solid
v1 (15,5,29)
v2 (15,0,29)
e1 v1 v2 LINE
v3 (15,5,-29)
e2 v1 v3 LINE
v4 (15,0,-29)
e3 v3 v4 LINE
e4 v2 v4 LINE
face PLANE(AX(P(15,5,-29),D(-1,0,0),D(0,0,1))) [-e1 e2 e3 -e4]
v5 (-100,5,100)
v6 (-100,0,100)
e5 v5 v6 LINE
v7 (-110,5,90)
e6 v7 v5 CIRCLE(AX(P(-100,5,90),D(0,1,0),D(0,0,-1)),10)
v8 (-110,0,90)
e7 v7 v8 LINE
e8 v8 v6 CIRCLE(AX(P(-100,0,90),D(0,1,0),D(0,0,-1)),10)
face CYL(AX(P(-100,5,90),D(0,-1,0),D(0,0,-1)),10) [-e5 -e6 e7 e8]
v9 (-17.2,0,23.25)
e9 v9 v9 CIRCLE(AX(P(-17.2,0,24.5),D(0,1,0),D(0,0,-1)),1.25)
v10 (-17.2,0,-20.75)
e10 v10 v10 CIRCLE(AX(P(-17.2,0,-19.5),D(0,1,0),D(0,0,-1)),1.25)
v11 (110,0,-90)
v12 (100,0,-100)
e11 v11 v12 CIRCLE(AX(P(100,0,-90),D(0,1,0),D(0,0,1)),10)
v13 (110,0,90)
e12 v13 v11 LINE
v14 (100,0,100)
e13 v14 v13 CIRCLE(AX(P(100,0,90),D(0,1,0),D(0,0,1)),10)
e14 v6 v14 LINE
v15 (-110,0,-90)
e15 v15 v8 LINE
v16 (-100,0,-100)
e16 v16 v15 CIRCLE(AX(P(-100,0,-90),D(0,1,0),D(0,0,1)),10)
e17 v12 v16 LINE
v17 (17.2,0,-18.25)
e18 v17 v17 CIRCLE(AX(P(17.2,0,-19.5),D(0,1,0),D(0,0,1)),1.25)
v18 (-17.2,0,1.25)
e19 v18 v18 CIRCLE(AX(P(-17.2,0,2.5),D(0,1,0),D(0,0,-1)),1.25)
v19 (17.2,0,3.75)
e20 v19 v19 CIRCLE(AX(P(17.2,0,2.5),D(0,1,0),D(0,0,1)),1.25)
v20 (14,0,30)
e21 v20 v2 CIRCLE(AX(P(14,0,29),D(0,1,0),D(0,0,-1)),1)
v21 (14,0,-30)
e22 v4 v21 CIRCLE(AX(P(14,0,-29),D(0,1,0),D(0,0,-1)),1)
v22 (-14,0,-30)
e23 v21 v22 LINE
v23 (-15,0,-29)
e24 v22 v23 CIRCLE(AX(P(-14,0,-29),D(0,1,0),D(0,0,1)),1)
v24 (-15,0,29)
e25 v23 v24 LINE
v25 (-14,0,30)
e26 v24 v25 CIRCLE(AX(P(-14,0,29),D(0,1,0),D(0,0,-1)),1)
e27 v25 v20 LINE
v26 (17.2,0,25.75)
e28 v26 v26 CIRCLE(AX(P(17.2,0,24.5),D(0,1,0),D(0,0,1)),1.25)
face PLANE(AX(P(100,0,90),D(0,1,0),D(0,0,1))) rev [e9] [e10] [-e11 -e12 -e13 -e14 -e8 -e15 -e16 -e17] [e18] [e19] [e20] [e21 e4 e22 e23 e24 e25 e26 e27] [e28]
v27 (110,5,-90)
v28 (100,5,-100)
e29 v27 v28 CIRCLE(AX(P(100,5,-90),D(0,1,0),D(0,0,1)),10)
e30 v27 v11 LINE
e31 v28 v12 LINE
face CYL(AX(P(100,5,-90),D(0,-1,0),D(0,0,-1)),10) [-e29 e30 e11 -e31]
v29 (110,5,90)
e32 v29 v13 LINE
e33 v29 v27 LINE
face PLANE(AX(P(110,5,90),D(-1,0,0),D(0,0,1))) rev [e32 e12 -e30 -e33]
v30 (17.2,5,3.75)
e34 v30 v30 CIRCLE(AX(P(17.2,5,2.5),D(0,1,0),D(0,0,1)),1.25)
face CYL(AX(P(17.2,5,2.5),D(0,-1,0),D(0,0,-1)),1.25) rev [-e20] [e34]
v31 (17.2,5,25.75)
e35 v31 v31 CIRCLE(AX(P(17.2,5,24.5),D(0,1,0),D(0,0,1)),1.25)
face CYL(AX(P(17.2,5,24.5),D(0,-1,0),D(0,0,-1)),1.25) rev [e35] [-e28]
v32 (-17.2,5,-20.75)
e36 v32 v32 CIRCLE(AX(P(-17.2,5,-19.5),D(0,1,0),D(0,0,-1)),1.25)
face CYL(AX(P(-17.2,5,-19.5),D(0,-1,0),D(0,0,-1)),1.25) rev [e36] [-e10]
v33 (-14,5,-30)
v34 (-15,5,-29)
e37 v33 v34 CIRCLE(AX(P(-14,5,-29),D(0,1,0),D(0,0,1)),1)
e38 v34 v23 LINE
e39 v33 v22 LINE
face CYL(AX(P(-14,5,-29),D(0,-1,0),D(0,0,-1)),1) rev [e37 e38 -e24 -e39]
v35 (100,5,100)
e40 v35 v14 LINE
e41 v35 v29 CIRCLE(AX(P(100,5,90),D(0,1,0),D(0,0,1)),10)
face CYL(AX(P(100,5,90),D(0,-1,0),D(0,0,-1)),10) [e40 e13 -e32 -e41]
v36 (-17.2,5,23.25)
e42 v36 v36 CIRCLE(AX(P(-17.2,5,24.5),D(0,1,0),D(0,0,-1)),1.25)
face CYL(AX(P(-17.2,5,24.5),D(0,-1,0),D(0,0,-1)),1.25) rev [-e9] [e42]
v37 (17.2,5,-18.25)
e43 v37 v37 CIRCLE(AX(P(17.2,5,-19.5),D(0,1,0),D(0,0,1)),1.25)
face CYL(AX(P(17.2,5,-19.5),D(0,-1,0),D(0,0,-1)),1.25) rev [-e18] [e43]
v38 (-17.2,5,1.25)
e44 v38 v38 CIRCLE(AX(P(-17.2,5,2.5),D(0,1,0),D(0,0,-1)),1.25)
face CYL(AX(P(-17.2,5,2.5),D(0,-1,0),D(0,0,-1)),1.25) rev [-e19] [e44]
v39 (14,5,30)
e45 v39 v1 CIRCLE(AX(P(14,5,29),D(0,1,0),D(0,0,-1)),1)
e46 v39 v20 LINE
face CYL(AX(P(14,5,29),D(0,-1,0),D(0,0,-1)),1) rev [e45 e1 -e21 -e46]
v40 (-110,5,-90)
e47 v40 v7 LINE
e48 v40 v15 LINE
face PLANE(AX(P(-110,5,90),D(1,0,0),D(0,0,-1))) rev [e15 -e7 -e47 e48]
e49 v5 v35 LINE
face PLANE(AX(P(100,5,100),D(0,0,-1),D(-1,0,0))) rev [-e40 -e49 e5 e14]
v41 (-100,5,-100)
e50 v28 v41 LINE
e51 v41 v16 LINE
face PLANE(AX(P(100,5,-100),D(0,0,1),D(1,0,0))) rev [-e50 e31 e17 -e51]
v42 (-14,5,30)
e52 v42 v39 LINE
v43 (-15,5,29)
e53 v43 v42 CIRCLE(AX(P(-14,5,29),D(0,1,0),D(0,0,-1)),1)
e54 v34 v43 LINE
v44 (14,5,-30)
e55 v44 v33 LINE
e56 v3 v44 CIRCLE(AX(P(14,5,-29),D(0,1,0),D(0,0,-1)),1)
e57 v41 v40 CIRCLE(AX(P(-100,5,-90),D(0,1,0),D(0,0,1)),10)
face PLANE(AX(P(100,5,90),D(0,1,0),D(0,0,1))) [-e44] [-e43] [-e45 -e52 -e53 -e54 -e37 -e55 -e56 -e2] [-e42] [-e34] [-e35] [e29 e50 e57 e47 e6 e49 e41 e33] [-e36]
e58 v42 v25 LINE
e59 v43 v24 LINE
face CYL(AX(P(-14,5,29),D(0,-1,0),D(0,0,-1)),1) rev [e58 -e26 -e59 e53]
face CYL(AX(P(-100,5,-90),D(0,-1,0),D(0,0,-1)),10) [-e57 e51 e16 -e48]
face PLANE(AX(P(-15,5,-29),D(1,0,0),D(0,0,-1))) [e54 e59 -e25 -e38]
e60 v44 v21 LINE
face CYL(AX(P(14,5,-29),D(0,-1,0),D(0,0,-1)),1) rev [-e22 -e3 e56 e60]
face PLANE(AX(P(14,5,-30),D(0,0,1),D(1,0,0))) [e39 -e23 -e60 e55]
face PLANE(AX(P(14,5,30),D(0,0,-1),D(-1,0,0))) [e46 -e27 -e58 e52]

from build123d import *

# Parameters (mm, degrees)
ESBO_O1_R                = 1.25
RESSALTO_EXTRUS_O1_DEPTH = 5


with BuildPart() as part:
    # Esboço1 → Ressalto-extrusão1 (new body)
    with BuildSketch(Plane(origin=(0, 0, 0), x_dir=(1, 0, 0), z_dir=(0, 1, 0))):
        with BuildLine():
            Line((100, -100), (-100, -100))
            ThreePointArc((-100, -100), (-107.071067812, -97.071067812), (-110, -90))
            Line((-110, -90), (-110, 90))
            ThreePointArc((-110, 90), (-107.071067812, 97.071067812), (-100, 100))
            Line((-100, 100), (100, 100))
            ThreePointArc((100, 100), (107.071067812, 97.071067812), (110, 90))
            Line((110, 90), (110, -90))
            ThreePointArc((110, -90), (107.071067812, -97.071067812), (100, -100))
        make_face()
        with Locations(Location((17.2, 19.5, 0), (0, 0, 270))):
            Circle(ESBO_O1_R, mode=Mode.SUBTRACT)
        with Locations(Location((17.2, -2.5, 0), (0, 0, 270))):
            Circle(ESBO_O1_R, mode=Mode.SUBTRACT)
        with Locations(Location((17.2, -24.5, 0), (0, 0, 270))):
            Circle(ESBO_O1_R, mode=Mode.SUBTRACT)
        with Locations(Location((-17.2, -24.5, 0), (0, 0, 90))):
            Circle(ESBO_O1_R, mode=Mode.SUBTRACT)
        with Locations(Location((-17.2, -2.5, 0), (0, 0, 90))):
            Circle(ESBO_O1_R, mode=Mode.SUBTRACT)
        with Locations(Location((-17.2, 19.5, 0), (0, 0, 90))):
            Circle(ESBO_O1_R, mode=Mode.SUBTRACT)
        with BuildLine():
            Line((14, 30), (-14, 30))
            ThreePointArc((-14, 30), (-14.707106781, 29.707106781), (-15, 29))
            Line((-15, 29), (-15, -29))
            ThreePointArc((-15, -29), (-14.707106781, -29.707106781), (-14, -30))
            Line((-14, -30), (14, -30))
            ThreePointArc((14, -30), (14.707106781, -29.707106781), (15, -29))
            Line((15, -29), (15, 29))
            ThreePointArc((15, 29), (14.707106781, 29.707106781), (14, 30))
        make_face(mode=Mode.SUBTRACT)
    extrude(amount=RESSALTO_EXTRUS_O1_DEPTH)


solid = part.part
